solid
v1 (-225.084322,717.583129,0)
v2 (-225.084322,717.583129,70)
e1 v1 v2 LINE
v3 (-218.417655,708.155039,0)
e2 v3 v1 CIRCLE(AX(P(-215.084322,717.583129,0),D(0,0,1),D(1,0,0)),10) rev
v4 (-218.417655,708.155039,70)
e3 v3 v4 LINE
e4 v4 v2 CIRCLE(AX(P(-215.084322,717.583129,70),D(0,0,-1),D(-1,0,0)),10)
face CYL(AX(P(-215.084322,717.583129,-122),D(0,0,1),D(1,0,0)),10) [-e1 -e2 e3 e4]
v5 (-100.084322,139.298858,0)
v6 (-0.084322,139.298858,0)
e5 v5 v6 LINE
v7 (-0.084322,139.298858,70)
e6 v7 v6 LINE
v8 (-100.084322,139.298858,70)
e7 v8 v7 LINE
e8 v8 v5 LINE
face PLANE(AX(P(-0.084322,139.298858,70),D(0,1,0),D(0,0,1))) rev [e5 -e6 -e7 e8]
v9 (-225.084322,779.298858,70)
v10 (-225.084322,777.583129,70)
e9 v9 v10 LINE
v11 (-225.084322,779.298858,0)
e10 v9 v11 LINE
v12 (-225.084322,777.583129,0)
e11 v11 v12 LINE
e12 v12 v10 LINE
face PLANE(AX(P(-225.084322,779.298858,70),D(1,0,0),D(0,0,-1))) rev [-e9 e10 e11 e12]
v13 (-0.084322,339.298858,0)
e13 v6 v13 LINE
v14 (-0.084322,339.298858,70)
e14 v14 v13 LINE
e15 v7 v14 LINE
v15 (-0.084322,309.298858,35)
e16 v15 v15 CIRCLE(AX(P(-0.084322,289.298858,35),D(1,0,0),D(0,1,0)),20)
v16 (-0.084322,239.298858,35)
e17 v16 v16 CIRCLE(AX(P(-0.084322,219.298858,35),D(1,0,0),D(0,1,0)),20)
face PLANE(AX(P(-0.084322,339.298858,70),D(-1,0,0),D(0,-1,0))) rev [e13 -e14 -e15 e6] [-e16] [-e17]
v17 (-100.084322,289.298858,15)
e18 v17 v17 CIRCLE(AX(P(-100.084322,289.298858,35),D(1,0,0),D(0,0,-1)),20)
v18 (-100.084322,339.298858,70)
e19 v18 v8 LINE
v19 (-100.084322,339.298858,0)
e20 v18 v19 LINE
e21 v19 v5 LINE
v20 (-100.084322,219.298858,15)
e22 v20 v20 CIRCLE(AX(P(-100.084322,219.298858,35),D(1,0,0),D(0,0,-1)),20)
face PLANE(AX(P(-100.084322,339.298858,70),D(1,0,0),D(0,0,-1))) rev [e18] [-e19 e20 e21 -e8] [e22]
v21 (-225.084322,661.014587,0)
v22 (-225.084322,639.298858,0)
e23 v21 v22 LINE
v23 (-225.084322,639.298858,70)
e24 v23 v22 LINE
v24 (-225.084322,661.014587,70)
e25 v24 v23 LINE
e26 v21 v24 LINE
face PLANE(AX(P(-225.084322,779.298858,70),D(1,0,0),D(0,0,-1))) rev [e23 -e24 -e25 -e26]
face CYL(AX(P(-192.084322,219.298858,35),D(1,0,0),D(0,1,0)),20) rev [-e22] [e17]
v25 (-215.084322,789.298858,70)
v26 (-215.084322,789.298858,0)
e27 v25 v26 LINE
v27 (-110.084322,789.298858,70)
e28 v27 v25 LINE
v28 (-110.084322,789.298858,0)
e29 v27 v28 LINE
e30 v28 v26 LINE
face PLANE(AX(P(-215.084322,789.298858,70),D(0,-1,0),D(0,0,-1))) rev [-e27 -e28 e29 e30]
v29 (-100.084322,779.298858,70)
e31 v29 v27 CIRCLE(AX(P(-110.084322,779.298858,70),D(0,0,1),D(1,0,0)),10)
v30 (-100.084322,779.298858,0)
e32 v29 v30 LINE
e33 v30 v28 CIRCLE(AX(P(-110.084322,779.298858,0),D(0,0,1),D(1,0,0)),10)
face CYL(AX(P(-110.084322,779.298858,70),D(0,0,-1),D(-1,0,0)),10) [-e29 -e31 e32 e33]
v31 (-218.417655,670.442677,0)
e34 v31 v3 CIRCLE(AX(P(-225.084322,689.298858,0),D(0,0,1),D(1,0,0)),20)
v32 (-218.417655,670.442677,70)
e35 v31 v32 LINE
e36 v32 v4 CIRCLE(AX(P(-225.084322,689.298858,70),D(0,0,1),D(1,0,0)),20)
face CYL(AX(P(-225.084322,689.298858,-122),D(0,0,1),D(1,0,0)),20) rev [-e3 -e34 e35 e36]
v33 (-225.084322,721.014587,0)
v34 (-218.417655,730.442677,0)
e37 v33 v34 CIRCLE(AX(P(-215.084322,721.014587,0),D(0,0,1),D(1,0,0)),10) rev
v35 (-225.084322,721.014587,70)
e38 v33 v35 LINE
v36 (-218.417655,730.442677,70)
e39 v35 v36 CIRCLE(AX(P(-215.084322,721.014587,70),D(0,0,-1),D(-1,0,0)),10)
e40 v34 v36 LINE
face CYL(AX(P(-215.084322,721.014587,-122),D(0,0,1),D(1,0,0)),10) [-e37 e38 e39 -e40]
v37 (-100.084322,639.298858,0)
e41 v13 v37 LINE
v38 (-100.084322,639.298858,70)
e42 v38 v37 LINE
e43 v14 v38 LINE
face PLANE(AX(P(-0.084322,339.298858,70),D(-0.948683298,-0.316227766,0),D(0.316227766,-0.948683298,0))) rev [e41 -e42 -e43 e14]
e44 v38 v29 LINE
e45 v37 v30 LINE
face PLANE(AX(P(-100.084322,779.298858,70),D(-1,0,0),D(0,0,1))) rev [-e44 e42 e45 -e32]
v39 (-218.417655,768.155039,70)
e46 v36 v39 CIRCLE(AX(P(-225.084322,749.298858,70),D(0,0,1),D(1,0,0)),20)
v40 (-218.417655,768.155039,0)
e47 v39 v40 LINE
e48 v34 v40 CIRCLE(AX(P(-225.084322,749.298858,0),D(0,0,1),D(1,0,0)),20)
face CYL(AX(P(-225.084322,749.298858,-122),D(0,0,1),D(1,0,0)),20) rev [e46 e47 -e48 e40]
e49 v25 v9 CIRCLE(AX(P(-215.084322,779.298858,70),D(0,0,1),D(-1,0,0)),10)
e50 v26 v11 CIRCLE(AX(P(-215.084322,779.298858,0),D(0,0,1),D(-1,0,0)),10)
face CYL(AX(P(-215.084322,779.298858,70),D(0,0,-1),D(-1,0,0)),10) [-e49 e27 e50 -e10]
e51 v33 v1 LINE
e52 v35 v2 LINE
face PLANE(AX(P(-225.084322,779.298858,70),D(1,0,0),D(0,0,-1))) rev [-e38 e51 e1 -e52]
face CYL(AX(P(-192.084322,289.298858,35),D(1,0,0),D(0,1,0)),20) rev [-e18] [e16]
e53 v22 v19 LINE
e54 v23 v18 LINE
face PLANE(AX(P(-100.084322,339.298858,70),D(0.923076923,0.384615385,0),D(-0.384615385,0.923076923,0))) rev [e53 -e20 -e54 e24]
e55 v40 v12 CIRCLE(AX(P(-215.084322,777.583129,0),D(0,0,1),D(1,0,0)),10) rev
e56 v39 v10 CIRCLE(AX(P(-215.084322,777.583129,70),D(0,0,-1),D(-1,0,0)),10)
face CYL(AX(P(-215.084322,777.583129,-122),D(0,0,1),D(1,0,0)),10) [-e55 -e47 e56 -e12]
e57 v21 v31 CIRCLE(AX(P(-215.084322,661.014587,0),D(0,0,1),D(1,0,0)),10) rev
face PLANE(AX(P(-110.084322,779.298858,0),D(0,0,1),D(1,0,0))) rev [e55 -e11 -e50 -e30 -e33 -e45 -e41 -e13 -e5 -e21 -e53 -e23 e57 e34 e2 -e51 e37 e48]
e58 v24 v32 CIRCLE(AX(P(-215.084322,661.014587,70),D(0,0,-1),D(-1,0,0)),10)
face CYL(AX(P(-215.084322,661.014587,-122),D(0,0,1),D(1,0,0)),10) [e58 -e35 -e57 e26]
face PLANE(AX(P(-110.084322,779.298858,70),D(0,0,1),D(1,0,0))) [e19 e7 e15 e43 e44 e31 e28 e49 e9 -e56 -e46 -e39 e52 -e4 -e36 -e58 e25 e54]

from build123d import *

# Parameters (mm, degrees)
BOSS_EXTRUDE1_DEPTH = 70
SKETCH2_R           = 20
CUT_EXTRUDE1_DEPTH  = 192
CUT_EXTRUDE2_DEPTH  = 192
CUT_EXTRUDE3_DEPTH  = 192


with BuildPart() as part:
    # Sketch1 → Boss-Extrude1 (new body)
    with BuildSketch(Plane.XY):
        with BuildLine():
            Line((-100.084321869, 339.298857864), (-100.084321869, 139.298857864))
            Line((-100.084321869, 139.298857864), (-0.084321869, 139.298857864))
            Line((-0.084321869, 139.298857864), (-0.084321869, 339.298857864))
            Line((-0.084321869, 339.298857864), (-100.084321869, 639.298857864))
            Line((-100.084321869, 639.298857864), (-100.084321869, 779.298857864))
            ThreePointArc((-100.084321869, 779.298857864), (-103.013254057, 786.369925676), (-110.084321869, 789.298857864))
            Line((-110.084321869, 789.298857864), (-215.084321869, 789.298857864))
            ThreePointArc((-215.084321869, 789.298857864), (-222.155389681, 786.369925676), (-225.084321869, 779.298857864))
            Line((-225.084321869, 779.298857864), (-225.084321869, 639.298857864))
            Line((-225.084321869, 639.298857864), (-100.084321869, 339.298857864))
        make_face()
    extrude(amount=BOSS_EXTRUDE1_DEPTH)

    # Sketch2 → Cut-Extrude1 (cut)
    with BuildSketch(Plane(origin=(-0.084321869, 0, 0), x_dir=(0, 0, -1), z_dir=(1, 0, 0))):
        with Locations(Location((-35, 289.298857864, 0), (0, 0, 90))):
            Circle(SKETCH2_R)
        with Locations(Location((-35, 219.298857864, 0), (0, 0, 90))):
            Circle(SKETCH2_R)
    extrude(amount=-CUT_EXTRUDE1_DEPTH, mode=Mode.SUBTRACT)

    # Sketch3 → Cut-Extrude2 (cut)
    with BuildSketch(Plane.XY.offset(70)):
        with BuildLine():
            Line((-225.084321869, 769.298857864), (-225.084321869, 749.298857864))
            Line((-225.084321869, 749.298857864), (-225.084321869, 729.298857864))
            ThreePointArc((-225.084321869, 729.298857864), (-205.084321869, 749.298857864), (-225.084321869, 769.298857864))
        make_face()
        with BuildLine():
            Line((-225.084321869, 689.298857864), (-225.084321869, 669.298857864))
            ThreePointArc((-225.084321869, 669.298857864), (-205.084321869, 689.298857864), (-225.084321869, 709.298857864))
            Line((-225.084321869, 709.298857864), (-225.084321869, 689.298857864))
        make_face()
    extrude(amount=-CUT_EXTRUDE2_DEPTH, mode=Mode.SUBTRACT)

    # Sketch4 → Cut-Extrude3 (cut)
    with BuildSketch(Plane.XY.offset(70)):
        with BuildLine():
            Line((-218.417655203, 730.442677032), (-225.084321869, 729.298857864))
            Line((-225.084321869, 729.298857864), (-225.084321869, 721.014586617))
            ThreePointArc((-225.084321869, 721.014586617), (-223.249287678, 726.788089308), (-218.417655203, 730.442677032))
        make_face()
        with BuildLine():
            Line((-225.084321869, 717.583129111), (-225.084321869, 709.298857864))
            Line((-225.084321869, 709.298857864), (-218.417655203, 708.155038696))
            ThreePointArc((-218.417655203, 708.155038696), (-223.249287678, 711.80962642), (-225.084321869, 717.583129111))
        make_face()
        with BuildLine():
            Line((-218.417655203, 670.442677032), (-225.084321869, 669.298857864))
            Line((-225.084321869, 669.298857864), (-225.084321869, 661.014586617))
            ThreePointArc((-225.084321869, 661.014586617), (-223.249287678, 666.788089308), (-218.417655203, 670.442677032))
        make_face()
        with BuildLine():
            Line((-225.084321869, 777.583129111), (-225.084321869, 769.298857864))
            Line((-225.084321869, 769.298857864), (-218.417655203, 768.155038696))
            ThreePointArc((-218.417655203, 768.155038696), (-223.249287678, 771.80962642), (-225.084321869, 777.583129111))
        make_face()
    extrude(amount=-CUT_EXTRUDE3_DEPTH, mode=Mode.SUBTRACT)


solid = part.part
